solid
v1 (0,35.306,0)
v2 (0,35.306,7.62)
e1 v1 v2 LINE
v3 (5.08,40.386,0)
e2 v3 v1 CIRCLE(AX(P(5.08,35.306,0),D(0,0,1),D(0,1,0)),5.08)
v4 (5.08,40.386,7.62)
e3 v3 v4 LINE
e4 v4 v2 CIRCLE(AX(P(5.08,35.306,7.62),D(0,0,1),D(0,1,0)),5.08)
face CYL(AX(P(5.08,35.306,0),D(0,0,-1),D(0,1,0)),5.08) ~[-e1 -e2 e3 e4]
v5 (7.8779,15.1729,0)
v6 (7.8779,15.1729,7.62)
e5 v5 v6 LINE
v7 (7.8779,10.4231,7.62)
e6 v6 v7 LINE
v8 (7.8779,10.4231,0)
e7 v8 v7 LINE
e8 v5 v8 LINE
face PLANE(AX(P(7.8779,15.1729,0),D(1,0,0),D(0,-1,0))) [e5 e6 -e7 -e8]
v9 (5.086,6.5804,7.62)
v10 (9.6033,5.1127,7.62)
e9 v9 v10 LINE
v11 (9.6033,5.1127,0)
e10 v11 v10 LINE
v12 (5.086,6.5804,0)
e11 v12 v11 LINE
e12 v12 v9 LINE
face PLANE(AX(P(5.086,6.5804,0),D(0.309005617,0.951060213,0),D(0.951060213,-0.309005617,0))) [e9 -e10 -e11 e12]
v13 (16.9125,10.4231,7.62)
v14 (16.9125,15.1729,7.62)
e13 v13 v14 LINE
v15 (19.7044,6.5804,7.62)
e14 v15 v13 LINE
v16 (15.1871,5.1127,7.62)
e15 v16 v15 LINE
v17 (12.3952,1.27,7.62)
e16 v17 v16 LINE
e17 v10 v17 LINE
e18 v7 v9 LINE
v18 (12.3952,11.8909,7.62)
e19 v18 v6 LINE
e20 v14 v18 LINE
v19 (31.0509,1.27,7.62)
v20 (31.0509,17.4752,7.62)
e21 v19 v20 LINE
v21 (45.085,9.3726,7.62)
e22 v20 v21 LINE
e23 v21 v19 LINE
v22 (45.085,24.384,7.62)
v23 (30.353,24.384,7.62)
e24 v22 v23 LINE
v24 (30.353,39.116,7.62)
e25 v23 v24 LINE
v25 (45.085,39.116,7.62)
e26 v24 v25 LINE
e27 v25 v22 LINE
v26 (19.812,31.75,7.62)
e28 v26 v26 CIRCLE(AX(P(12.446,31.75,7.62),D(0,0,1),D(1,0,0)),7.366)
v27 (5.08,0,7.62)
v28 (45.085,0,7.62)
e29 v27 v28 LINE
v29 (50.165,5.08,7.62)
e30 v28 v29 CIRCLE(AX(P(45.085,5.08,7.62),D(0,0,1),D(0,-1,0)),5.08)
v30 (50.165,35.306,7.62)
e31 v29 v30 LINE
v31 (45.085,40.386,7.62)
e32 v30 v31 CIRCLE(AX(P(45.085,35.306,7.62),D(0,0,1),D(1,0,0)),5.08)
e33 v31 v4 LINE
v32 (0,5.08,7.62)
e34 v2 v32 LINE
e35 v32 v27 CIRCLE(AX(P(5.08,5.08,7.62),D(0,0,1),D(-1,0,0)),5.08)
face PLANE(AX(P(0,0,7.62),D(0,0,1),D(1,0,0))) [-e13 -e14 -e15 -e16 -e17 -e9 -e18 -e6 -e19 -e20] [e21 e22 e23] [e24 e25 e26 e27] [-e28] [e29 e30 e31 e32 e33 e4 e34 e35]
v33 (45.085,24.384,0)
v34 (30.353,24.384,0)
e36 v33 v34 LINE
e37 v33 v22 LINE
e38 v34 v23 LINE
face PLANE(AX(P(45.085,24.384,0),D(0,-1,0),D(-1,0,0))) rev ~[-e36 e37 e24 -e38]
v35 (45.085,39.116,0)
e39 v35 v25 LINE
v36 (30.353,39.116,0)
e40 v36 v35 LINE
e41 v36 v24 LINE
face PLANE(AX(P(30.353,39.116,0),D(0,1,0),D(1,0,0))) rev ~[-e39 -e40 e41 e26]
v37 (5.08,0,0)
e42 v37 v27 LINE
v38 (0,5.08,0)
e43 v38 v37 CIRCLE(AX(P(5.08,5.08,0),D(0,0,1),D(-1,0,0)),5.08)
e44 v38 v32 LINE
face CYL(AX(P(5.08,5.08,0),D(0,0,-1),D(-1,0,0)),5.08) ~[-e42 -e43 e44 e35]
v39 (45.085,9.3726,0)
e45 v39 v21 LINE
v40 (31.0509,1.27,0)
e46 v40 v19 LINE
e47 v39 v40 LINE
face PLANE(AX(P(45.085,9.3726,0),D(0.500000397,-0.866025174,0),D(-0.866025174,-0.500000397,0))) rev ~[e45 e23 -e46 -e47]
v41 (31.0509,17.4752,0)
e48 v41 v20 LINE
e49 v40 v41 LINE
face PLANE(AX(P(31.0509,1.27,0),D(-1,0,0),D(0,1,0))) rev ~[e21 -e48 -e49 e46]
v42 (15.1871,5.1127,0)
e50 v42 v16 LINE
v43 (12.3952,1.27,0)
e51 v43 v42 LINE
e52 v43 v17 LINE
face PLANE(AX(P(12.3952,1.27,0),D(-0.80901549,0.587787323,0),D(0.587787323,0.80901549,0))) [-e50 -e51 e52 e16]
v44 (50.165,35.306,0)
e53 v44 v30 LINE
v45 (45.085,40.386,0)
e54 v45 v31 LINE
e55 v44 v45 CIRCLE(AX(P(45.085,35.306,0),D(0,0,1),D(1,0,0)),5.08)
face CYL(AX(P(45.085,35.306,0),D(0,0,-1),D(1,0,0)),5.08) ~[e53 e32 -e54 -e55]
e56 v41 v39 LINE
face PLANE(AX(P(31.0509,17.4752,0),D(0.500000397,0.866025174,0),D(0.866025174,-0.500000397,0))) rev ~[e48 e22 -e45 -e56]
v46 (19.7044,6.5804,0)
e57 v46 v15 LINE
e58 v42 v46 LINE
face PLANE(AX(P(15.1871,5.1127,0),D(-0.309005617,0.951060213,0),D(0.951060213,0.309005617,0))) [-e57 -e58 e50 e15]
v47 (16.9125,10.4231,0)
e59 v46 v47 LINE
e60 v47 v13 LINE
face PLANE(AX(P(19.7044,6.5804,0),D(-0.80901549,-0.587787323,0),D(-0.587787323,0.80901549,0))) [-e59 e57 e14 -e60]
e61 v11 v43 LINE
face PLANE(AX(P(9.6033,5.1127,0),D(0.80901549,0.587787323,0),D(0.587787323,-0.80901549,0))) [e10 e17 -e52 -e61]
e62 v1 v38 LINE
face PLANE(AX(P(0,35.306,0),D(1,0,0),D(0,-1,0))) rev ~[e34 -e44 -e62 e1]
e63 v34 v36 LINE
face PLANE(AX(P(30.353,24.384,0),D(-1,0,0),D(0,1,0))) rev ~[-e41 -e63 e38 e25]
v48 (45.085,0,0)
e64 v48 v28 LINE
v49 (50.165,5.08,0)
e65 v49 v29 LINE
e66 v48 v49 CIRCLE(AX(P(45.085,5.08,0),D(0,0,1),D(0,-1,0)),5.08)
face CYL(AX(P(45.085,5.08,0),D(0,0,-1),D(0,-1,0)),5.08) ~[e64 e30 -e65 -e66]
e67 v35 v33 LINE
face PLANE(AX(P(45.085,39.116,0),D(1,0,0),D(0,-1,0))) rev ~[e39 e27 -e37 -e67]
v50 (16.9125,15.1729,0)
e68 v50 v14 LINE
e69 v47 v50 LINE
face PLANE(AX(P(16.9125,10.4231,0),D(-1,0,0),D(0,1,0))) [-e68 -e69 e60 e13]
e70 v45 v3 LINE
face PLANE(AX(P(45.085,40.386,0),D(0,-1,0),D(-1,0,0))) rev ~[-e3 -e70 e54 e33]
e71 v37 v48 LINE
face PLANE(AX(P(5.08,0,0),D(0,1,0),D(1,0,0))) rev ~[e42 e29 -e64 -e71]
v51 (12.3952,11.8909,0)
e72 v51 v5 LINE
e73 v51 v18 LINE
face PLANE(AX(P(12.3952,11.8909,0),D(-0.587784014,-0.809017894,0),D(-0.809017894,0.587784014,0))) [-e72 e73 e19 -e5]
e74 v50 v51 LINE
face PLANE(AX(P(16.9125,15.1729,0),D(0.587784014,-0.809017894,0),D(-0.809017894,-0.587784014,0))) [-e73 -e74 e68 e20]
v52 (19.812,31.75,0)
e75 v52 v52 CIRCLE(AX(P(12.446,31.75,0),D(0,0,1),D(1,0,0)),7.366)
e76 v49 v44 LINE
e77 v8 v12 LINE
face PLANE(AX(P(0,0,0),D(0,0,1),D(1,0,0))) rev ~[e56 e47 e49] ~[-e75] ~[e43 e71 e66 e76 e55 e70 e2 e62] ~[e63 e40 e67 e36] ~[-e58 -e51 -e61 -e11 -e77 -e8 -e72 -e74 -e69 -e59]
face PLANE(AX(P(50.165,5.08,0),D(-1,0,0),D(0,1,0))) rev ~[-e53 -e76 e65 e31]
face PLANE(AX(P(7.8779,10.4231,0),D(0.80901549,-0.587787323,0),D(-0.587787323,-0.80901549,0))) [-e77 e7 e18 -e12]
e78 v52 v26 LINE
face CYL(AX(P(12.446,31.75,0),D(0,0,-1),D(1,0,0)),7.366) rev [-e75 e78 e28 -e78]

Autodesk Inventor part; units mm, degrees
ref_plane "YZ Plane" through (0, 0, 0) normal (1, 0, 0) x (0, 1, 0)
ref_plane "XZ Plane" through (0, 0, 0) normal (0, 1, 0) x (-1, 0, 0)
ref_plane "XY Plane" through (0, 0, 0) normal (0, 0, 1) x (1, 0, 0)
sketch "Sketch1" plane through (0, 0, 0) normal (0, 0, 1) x (1, 0, 0)
  line L0 (5.08, 0) -> (45.085, 0)
  line L1 (50.165, 5.08) -> (50.165, 35.306)
  line L2 (45.085, 40.386) -> (5.08, 40.386)
  line L3 (0, 35.306) -> (0, 5.08)
  arc A0 (5.08, 40.386) -> (0, 35.306) centre (5.08, 35.306) ccw
  arc A1 (50.165, 35.306) -> (45.085, 40.386) centre (45.085, 35.306) ccw
  arc A2 (45.085, 0) -> (50.165, 5.08) centre (45.085, 5.08) ccw
  arc A3 (0, 5.08) -> (5.08, 0) centre (5.08, 5.08) ccw
  circle A4 centre (12.446, 31.75) radius 7.366
  line L4 (30.353, 39.116) -> (45.085, 39.116)
  line L5 (45.085, 39.116) -> (45.085, 24.384)
  line L6 (45.085, 24.384) -> (30.353, 24.384)
  line L7 (30.353, 24.384) -> (30.353, 39.116)
  line L8 (31.0509, 17.4752) -> (45.085, 9.3726)
  line L9 (45.085, 9.3726) -> (31.0509, 1.27)
  line L10 (31.0509, 1.27) -> (31.0509, 17.4752)
  circle A5 centre (12.3952, 8.9553) radius 7.6853 construction
  line L11 (12.3952, 1.27) -> (5.086, 6.5804) construction
  line L12 (5.086, 6.5804) -> (7.8779, 15.1729) construction
  line L13 (7.8779, 15.1729) -> (16.9125, 15.1729) construction
  line L14 (16.9125, 15.1729) -> (19.7044, 6.5804) construction
  line L15 (19.7044, 6.5804) -> (12.3952, 1.27) construction
  line L16 (7.8779, 15.1729) -> (7.8779, 10.4231)
  line L17 (7.8779, 10.4231) -> (5.086, 6.5804)
  line L18 (5.086, 6.5804) -> (9.6033, 5.1127)
  line L19 (9.6033, 5.1127) -> (12.3952, 1.27)
  line L20 (12.3952, 1.27) -> (15.1871, 5.1127)
  line L21 (15.1871, 5.1127) -> (19.7044, 6.5804)
  line L22 (19.7044, 6.5804) -> (16.9125, 10.4231)
  line L23 (16.9125, 10.4231) -> (16.9125, 15.1729)
  line L24 (16.9125, 15.1729) -> (12.3952, 11.8909)
  line L25 (12.3952, 11.8909) -> (7.8779, 15.1729)
  point P0 (0, 0)
  point P1 (50.165, 40.386)
  point P2 (50.165, 0)
  point P3 (0, 40.386)
  point P4 (35.7289, 9.3726)
  dimension "d0" = 50.165
  dimension "d1" = 40.386
  dimension "d2" = 5.08
  dimension "d3" = 14.732
  dimension "d4" = 12.446
  dimension "d5" = 8.636
  dimension "d6" = 14.732
  dimension "d7" = 14.732
  dimension "d8" = 1.27
  dimension "d9" = 5.08
  dimension "d20" = 16.2052
  dimension "d21" = 1.27
  dimension "d22" = 5.08
  dimension "d23" = 4.7498
  dimension "d24" = 4.7498
  dimension "d25" = 2.3749
  dimension "d26" = 12.3952
  dimension "d27" = 1.27
extrude "Extrusion1" add sketch "Sketch1" along normal blind 7.62
properties part number "PassengerBase"
